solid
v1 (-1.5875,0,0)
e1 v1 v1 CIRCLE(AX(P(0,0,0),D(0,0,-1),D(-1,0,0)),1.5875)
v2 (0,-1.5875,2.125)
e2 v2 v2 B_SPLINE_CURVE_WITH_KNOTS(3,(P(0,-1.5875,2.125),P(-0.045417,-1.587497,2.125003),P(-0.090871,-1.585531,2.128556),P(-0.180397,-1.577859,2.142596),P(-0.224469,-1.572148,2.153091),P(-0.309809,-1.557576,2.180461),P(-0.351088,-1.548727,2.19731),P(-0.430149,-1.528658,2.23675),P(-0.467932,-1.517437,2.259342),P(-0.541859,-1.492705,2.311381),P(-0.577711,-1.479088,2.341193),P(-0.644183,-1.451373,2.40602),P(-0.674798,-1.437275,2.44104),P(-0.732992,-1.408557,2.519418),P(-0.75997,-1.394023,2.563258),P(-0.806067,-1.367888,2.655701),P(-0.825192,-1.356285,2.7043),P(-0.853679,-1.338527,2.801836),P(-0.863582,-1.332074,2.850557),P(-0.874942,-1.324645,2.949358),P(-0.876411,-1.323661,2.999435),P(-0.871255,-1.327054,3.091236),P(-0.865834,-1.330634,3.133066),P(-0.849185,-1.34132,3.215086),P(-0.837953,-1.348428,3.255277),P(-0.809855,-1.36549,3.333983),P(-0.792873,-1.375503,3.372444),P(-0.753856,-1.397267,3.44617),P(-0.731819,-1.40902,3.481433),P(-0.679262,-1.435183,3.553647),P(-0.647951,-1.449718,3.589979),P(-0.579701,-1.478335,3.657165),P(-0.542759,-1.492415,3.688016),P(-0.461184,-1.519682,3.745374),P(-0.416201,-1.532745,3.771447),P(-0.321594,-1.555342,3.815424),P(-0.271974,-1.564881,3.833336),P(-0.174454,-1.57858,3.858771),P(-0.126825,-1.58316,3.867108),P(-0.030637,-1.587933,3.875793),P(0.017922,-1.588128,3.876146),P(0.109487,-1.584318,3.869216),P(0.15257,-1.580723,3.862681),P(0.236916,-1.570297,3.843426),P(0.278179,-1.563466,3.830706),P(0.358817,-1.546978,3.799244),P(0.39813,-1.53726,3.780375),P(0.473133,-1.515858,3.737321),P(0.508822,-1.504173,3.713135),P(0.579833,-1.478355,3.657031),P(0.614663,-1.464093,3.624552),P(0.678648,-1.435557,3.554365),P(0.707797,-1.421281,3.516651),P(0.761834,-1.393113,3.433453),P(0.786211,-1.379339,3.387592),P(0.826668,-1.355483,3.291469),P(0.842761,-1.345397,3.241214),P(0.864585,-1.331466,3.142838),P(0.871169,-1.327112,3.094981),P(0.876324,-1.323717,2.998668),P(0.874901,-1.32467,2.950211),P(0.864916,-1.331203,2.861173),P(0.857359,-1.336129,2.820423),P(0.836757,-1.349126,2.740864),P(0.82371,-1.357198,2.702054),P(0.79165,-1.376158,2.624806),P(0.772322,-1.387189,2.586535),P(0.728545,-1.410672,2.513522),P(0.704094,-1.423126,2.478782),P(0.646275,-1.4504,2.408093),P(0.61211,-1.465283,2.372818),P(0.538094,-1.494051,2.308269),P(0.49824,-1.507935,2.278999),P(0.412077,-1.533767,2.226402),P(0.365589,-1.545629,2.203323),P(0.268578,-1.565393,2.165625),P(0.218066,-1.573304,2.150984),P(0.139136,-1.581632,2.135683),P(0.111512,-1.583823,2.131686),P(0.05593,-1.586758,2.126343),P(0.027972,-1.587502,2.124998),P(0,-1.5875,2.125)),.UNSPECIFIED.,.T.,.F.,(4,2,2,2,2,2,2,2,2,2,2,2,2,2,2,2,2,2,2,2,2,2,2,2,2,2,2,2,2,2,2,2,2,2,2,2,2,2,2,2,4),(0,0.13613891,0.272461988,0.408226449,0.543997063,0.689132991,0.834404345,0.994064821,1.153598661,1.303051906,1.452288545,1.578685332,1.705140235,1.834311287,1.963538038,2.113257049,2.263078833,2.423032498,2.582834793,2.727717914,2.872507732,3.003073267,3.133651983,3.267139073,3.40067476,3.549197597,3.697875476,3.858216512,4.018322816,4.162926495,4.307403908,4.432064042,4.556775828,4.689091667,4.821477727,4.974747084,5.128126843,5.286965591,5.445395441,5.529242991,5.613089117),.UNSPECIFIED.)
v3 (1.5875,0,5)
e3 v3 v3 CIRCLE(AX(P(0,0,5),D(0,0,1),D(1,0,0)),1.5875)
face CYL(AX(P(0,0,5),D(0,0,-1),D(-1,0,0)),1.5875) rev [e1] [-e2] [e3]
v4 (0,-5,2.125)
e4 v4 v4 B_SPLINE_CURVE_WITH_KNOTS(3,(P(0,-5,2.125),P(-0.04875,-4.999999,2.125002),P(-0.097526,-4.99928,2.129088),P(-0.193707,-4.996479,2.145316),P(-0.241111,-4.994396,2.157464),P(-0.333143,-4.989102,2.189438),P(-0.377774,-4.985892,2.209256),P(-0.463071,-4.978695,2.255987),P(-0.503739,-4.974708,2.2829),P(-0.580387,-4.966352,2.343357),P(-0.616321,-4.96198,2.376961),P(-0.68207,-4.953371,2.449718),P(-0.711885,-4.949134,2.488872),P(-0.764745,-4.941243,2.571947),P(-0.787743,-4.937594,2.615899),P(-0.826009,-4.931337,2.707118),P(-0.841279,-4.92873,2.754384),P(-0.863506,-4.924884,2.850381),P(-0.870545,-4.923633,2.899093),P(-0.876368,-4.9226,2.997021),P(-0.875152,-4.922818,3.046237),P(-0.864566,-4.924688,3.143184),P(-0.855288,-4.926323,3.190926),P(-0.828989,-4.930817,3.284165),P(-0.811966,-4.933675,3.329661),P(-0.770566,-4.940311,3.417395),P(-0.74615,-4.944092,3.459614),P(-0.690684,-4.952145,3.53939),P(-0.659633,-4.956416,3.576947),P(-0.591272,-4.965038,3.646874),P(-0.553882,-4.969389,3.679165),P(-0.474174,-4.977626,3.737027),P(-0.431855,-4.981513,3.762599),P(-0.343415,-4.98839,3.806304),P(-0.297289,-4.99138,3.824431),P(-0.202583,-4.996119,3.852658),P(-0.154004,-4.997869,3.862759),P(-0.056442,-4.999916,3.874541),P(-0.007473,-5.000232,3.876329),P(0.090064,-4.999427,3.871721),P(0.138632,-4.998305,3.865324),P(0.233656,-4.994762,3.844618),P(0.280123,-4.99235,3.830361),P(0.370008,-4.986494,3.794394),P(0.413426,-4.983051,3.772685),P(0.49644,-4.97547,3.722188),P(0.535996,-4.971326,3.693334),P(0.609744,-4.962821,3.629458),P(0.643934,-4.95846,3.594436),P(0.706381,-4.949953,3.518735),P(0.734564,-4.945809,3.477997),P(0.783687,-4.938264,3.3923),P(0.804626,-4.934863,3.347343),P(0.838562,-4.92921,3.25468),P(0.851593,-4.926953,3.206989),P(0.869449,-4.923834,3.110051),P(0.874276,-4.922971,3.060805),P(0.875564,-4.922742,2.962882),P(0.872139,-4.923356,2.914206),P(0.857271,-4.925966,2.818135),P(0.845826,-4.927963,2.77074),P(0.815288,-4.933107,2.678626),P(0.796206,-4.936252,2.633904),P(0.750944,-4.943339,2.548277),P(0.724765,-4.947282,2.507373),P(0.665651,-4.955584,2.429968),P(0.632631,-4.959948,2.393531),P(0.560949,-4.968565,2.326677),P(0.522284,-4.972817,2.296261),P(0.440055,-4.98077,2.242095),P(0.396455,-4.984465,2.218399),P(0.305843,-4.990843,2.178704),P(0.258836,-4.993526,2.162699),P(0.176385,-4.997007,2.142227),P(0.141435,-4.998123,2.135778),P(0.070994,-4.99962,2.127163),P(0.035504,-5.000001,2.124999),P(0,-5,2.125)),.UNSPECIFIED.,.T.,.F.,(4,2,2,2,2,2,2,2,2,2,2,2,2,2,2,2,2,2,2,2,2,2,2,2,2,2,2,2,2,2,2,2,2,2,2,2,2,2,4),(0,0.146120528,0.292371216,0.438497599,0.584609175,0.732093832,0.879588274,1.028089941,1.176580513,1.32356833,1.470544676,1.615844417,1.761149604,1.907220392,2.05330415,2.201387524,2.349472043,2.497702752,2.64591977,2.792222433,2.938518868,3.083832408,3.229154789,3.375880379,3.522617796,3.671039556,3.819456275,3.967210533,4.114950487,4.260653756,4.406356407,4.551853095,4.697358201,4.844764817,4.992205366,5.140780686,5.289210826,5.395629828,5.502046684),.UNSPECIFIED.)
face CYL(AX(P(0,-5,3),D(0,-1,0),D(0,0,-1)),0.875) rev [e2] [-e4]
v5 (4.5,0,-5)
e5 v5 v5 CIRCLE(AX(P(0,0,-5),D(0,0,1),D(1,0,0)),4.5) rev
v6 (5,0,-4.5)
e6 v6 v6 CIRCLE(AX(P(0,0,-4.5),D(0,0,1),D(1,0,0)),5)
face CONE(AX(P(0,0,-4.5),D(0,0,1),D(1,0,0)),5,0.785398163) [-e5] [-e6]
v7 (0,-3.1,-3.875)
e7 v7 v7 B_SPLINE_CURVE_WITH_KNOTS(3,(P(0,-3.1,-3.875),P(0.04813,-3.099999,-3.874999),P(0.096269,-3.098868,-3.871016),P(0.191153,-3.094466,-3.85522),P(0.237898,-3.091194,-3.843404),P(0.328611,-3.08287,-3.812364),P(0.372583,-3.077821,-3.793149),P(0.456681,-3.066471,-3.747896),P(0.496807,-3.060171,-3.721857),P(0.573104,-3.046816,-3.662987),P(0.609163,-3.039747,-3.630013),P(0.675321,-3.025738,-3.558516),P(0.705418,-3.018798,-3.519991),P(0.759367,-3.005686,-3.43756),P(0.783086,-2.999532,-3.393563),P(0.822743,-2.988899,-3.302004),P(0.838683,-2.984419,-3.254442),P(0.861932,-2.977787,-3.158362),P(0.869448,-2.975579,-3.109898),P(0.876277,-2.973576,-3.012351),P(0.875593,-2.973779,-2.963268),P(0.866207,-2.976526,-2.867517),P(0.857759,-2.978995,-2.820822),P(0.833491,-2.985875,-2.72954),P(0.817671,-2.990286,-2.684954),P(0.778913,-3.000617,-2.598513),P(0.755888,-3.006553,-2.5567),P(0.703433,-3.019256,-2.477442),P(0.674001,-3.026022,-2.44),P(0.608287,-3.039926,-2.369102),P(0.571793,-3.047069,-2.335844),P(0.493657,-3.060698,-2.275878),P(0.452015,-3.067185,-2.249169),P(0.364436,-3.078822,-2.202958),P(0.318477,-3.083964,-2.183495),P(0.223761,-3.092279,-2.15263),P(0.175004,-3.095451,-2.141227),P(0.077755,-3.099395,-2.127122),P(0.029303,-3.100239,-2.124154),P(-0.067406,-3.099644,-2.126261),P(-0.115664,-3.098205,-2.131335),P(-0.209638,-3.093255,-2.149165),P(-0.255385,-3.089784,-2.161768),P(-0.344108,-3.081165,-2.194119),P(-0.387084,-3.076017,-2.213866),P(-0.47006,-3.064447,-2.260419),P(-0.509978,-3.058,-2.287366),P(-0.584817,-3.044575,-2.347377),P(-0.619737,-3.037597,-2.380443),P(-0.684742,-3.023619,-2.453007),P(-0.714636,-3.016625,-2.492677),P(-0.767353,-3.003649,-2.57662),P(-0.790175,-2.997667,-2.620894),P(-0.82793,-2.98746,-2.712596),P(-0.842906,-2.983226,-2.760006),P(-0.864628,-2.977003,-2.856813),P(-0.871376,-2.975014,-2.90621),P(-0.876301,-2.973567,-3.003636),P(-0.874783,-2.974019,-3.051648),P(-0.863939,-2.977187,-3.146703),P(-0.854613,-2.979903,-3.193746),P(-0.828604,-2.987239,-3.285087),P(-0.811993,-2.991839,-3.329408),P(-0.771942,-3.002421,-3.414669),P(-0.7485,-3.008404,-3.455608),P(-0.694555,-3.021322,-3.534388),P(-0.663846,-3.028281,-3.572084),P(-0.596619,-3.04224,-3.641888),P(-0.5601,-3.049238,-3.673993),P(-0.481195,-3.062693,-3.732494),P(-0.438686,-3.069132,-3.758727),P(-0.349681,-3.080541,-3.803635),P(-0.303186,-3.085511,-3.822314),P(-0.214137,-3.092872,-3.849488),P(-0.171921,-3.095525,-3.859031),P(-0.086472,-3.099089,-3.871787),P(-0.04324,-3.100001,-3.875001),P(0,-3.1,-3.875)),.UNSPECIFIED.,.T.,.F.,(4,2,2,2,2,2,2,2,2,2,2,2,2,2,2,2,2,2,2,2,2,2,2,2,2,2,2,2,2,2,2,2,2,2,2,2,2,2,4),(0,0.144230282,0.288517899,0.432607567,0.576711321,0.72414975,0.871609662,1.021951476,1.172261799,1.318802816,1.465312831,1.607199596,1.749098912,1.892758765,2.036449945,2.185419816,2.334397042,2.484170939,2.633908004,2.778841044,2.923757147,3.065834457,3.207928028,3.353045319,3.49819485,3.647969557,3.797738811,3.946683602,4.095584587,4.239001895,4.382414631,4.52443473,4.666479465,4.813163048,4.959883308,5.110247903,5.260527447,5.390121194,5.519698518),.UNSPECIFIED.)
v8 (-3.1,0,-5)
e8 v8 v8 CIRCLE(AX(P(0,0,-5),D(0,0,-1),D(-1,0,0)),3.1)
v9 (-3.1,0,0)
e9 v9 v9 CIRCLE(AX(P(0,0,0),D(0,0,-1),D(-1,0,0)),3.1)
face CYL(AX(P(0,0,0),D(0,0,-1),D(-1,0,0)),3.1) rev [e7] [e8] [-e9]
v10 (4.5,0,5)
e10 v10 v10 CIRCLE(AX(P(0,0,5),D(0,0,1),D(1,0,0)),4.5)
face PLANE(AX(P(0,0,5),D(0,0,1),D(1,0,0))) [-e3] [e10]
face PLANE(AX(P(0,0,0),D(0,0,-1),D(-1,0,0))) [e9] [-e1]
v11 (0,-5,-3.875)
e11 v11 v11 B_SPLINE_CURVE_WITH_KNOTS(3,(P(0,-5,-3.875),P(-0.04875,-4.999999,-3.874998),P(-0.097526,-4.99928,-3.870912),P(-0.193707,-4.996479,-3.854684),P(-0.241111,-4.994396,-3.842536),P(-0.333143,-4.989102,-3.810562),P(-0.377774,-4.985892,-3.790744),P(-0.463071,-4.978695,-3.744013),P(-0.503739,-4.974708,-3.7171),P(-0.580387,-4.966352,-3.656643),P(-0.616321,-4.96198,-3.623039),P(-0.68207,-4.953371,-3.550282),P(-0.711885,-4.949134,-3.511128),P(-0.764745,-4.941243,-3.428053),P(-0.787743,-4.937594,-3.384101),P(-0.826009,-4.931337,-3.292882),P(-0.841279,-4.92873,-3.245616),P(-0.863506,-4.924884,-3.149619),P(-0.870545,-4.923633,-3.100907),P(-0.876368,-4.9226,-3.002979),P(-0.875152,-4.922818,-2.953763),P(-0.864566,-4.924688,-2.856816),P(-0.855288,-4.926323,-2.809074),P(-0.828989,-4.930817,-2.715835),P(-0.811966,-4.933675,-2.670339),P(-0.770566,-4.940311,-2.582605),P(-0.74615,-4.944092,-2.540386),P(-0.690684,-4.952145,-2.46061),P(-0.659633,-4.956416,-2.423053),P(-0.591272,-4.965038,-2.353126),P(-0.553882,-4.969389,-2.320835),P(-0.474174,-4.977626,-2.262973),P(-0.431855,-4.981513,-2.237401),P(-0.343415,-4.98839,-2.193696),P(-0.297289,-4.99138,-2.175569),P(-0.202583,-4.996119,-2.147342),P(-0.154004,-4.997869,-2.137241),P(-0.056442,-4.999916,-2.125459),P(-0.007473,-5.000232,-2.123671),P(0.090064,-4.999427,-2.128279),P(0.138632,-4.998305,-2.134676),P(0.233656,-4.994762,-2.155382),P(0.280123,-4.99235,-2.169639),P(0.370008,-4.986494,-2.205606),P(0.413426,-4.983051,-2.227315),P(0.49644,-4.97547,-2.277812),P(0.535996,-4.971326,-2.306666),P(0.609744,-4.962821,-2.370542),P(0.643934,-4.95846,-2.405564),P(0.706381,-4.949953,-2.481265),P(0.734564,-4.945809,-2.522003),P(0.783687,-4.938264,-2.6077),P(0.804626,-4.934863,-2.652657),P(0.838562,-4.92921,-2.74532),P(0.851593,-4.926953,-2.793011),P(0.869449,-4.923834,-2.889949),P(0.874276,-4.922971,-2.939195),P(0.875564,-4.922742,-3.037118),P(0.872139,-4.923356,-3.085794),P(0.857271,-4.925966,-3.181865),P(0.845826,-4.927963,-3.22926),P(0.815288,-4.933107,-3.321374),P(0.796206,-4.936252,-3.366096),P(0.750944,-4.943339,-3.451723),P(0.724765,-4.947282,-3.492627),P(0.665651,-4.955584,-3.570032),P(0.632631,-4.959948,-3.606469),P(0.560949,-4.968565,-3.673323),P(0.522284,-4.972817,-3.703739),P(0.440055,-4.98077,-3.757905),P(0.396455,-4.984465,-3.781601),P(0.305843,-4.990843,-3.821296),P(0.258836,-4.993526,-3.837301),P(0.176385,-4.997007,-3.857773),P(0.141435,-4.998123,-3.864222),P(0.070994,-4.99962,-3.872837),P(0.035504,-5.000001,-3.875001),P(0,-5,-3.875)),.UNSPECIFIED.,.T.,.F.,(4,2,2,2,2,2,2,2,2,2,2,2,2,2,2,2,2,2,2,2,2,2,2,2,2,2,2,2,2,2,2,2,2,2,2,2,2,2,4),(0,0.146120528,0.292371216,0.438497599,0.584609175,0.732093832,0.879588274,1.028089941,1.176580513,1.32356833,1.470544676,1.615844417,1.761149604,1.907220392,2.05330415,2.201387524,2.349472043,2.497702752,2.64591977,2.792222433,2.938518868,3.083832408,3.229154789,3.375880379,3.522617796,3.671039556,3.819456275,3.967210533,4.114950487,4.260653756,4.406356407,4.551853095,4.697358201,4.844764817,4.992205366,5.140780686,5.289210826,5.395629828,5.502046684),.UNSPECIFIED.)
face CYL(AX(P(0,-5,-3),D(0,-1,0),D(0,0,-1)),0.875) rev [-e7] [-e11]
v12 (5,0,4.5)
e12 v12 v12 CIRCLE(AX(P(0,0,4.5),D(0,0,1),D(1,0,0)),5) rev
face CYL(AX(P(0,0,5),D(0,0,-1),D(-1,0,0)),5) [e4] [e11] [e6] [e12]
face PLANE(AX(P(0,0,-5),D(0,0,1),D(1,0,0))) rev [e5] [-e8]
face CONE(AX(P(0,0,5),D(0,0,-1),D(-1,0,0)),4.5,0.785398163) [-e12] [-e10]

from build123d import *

# Parameters (mm, degrees)
SKETCH1_R                     = 5
SKETCH1_R_2                   = 1.5875
BOSS_EXTRUDE1_DEPTH           = 5
SKETCH2_R                     = 3.1
CUT_EXTRUDE1_DEPTH            = 5
CHAMFER1_SIZE                 = 0.5
M2_2X0_45_TAPPED_HOLE1_REACH  = 14.247
M2_2X0_45_TAPPED_HOLE1_BORE_R = 0.875


with BuildPart() as part:
    # Sketch1 → Boss-Extrude1 (new, symmetric)
    with BuildSketch(Plane.XY):
        Circle(SKETCH1_R)
        Circle(SKETCH1_R_2, mode=Mode.SUBTRACT)
    extrude(amount=BOSS_EXTRUDE1_DEPTH, both=True)

    # Sketch2 → Cut-Extrude1 (cut)
    with BuildSketch(Plane(origin=(0, 0, -5), x_dir=(-1, 0, 0), z_dir=(0, 0, -1))):
        Circle(SKETCH2_R)
    extrude(amount=-CUT_EXTRUDE1_DEPTH, mode=Mode.SUBTRACT)

    # Chamfer1
    chamfer1_edges = [part.edges().sort_by_distance(p)[0] for p in [
        (-5, 0, -5),
        (-5, 0, 5),
    ]]
    chamfer(chamfer1_edges, length=CHAMFER1_SIZE)

    # M2.2x0.45 Tapped Hole1 bore → M2.2x0.45 Tapped Hole1 (cut, up to next)
    with BuildSketch(Plane(origin=(0, -5, 0), x_dir=(-1, 0, 0), z_dir=(0, -1, 0)), mode=Mode.PRIVATE) as m2_2x0_45_tapped_hole1_sk1:
        with Locations((0, -3)):
            Circle(M2_2X0_45_TAPPED_HOLE1_BORE_R)
    m2_2x0_45_tapped_hole1_tool1 = extrude(m2_2x0_45_tapped_hole1_sk1.sketch, amount=-M2_2X0_45_TAPPED_HOLE1_REACH, mode=Mode.PRIVATE) & part.part
    # M2.2x0.45 Tapped Hole1 bore → M2.2x0.45 Tapped Hole1 (cut, up to next)
    with BuildSketch(Plane(origin=(0, -5, 0), x_dir=(-1, 0, 0), z_dir=(0, -1, 0)), mode=Mode.PRIVATE) as m2_2x0_45_tapped_hole1_sk2:
        with Locations((0, 3)):
            Circle(M2_2X0_45_TAPPED_HOLE1_BORE_R)
    m2_2x0_45_tapped_hole1_tool2 = extrude(m2_2x0_45_tapped_hole1_sk2.sketch, amount=-M2_2X0_45_TAPPED_HOLE1_REACH, mode=Mode.PRIVATE) & part.part
    add(m2_2x0_45_tapped_hole1_tool1.solids().sort_by_distance((0, -5, 3))[0], mode=Mode.SUBTRACT)
    add(m2_2x0_45_tapped_hole1_tool2.solids().sort_by_distance((0, -5, -3))[0], mode=Mode.SUBTRACT)


solid = part.part
